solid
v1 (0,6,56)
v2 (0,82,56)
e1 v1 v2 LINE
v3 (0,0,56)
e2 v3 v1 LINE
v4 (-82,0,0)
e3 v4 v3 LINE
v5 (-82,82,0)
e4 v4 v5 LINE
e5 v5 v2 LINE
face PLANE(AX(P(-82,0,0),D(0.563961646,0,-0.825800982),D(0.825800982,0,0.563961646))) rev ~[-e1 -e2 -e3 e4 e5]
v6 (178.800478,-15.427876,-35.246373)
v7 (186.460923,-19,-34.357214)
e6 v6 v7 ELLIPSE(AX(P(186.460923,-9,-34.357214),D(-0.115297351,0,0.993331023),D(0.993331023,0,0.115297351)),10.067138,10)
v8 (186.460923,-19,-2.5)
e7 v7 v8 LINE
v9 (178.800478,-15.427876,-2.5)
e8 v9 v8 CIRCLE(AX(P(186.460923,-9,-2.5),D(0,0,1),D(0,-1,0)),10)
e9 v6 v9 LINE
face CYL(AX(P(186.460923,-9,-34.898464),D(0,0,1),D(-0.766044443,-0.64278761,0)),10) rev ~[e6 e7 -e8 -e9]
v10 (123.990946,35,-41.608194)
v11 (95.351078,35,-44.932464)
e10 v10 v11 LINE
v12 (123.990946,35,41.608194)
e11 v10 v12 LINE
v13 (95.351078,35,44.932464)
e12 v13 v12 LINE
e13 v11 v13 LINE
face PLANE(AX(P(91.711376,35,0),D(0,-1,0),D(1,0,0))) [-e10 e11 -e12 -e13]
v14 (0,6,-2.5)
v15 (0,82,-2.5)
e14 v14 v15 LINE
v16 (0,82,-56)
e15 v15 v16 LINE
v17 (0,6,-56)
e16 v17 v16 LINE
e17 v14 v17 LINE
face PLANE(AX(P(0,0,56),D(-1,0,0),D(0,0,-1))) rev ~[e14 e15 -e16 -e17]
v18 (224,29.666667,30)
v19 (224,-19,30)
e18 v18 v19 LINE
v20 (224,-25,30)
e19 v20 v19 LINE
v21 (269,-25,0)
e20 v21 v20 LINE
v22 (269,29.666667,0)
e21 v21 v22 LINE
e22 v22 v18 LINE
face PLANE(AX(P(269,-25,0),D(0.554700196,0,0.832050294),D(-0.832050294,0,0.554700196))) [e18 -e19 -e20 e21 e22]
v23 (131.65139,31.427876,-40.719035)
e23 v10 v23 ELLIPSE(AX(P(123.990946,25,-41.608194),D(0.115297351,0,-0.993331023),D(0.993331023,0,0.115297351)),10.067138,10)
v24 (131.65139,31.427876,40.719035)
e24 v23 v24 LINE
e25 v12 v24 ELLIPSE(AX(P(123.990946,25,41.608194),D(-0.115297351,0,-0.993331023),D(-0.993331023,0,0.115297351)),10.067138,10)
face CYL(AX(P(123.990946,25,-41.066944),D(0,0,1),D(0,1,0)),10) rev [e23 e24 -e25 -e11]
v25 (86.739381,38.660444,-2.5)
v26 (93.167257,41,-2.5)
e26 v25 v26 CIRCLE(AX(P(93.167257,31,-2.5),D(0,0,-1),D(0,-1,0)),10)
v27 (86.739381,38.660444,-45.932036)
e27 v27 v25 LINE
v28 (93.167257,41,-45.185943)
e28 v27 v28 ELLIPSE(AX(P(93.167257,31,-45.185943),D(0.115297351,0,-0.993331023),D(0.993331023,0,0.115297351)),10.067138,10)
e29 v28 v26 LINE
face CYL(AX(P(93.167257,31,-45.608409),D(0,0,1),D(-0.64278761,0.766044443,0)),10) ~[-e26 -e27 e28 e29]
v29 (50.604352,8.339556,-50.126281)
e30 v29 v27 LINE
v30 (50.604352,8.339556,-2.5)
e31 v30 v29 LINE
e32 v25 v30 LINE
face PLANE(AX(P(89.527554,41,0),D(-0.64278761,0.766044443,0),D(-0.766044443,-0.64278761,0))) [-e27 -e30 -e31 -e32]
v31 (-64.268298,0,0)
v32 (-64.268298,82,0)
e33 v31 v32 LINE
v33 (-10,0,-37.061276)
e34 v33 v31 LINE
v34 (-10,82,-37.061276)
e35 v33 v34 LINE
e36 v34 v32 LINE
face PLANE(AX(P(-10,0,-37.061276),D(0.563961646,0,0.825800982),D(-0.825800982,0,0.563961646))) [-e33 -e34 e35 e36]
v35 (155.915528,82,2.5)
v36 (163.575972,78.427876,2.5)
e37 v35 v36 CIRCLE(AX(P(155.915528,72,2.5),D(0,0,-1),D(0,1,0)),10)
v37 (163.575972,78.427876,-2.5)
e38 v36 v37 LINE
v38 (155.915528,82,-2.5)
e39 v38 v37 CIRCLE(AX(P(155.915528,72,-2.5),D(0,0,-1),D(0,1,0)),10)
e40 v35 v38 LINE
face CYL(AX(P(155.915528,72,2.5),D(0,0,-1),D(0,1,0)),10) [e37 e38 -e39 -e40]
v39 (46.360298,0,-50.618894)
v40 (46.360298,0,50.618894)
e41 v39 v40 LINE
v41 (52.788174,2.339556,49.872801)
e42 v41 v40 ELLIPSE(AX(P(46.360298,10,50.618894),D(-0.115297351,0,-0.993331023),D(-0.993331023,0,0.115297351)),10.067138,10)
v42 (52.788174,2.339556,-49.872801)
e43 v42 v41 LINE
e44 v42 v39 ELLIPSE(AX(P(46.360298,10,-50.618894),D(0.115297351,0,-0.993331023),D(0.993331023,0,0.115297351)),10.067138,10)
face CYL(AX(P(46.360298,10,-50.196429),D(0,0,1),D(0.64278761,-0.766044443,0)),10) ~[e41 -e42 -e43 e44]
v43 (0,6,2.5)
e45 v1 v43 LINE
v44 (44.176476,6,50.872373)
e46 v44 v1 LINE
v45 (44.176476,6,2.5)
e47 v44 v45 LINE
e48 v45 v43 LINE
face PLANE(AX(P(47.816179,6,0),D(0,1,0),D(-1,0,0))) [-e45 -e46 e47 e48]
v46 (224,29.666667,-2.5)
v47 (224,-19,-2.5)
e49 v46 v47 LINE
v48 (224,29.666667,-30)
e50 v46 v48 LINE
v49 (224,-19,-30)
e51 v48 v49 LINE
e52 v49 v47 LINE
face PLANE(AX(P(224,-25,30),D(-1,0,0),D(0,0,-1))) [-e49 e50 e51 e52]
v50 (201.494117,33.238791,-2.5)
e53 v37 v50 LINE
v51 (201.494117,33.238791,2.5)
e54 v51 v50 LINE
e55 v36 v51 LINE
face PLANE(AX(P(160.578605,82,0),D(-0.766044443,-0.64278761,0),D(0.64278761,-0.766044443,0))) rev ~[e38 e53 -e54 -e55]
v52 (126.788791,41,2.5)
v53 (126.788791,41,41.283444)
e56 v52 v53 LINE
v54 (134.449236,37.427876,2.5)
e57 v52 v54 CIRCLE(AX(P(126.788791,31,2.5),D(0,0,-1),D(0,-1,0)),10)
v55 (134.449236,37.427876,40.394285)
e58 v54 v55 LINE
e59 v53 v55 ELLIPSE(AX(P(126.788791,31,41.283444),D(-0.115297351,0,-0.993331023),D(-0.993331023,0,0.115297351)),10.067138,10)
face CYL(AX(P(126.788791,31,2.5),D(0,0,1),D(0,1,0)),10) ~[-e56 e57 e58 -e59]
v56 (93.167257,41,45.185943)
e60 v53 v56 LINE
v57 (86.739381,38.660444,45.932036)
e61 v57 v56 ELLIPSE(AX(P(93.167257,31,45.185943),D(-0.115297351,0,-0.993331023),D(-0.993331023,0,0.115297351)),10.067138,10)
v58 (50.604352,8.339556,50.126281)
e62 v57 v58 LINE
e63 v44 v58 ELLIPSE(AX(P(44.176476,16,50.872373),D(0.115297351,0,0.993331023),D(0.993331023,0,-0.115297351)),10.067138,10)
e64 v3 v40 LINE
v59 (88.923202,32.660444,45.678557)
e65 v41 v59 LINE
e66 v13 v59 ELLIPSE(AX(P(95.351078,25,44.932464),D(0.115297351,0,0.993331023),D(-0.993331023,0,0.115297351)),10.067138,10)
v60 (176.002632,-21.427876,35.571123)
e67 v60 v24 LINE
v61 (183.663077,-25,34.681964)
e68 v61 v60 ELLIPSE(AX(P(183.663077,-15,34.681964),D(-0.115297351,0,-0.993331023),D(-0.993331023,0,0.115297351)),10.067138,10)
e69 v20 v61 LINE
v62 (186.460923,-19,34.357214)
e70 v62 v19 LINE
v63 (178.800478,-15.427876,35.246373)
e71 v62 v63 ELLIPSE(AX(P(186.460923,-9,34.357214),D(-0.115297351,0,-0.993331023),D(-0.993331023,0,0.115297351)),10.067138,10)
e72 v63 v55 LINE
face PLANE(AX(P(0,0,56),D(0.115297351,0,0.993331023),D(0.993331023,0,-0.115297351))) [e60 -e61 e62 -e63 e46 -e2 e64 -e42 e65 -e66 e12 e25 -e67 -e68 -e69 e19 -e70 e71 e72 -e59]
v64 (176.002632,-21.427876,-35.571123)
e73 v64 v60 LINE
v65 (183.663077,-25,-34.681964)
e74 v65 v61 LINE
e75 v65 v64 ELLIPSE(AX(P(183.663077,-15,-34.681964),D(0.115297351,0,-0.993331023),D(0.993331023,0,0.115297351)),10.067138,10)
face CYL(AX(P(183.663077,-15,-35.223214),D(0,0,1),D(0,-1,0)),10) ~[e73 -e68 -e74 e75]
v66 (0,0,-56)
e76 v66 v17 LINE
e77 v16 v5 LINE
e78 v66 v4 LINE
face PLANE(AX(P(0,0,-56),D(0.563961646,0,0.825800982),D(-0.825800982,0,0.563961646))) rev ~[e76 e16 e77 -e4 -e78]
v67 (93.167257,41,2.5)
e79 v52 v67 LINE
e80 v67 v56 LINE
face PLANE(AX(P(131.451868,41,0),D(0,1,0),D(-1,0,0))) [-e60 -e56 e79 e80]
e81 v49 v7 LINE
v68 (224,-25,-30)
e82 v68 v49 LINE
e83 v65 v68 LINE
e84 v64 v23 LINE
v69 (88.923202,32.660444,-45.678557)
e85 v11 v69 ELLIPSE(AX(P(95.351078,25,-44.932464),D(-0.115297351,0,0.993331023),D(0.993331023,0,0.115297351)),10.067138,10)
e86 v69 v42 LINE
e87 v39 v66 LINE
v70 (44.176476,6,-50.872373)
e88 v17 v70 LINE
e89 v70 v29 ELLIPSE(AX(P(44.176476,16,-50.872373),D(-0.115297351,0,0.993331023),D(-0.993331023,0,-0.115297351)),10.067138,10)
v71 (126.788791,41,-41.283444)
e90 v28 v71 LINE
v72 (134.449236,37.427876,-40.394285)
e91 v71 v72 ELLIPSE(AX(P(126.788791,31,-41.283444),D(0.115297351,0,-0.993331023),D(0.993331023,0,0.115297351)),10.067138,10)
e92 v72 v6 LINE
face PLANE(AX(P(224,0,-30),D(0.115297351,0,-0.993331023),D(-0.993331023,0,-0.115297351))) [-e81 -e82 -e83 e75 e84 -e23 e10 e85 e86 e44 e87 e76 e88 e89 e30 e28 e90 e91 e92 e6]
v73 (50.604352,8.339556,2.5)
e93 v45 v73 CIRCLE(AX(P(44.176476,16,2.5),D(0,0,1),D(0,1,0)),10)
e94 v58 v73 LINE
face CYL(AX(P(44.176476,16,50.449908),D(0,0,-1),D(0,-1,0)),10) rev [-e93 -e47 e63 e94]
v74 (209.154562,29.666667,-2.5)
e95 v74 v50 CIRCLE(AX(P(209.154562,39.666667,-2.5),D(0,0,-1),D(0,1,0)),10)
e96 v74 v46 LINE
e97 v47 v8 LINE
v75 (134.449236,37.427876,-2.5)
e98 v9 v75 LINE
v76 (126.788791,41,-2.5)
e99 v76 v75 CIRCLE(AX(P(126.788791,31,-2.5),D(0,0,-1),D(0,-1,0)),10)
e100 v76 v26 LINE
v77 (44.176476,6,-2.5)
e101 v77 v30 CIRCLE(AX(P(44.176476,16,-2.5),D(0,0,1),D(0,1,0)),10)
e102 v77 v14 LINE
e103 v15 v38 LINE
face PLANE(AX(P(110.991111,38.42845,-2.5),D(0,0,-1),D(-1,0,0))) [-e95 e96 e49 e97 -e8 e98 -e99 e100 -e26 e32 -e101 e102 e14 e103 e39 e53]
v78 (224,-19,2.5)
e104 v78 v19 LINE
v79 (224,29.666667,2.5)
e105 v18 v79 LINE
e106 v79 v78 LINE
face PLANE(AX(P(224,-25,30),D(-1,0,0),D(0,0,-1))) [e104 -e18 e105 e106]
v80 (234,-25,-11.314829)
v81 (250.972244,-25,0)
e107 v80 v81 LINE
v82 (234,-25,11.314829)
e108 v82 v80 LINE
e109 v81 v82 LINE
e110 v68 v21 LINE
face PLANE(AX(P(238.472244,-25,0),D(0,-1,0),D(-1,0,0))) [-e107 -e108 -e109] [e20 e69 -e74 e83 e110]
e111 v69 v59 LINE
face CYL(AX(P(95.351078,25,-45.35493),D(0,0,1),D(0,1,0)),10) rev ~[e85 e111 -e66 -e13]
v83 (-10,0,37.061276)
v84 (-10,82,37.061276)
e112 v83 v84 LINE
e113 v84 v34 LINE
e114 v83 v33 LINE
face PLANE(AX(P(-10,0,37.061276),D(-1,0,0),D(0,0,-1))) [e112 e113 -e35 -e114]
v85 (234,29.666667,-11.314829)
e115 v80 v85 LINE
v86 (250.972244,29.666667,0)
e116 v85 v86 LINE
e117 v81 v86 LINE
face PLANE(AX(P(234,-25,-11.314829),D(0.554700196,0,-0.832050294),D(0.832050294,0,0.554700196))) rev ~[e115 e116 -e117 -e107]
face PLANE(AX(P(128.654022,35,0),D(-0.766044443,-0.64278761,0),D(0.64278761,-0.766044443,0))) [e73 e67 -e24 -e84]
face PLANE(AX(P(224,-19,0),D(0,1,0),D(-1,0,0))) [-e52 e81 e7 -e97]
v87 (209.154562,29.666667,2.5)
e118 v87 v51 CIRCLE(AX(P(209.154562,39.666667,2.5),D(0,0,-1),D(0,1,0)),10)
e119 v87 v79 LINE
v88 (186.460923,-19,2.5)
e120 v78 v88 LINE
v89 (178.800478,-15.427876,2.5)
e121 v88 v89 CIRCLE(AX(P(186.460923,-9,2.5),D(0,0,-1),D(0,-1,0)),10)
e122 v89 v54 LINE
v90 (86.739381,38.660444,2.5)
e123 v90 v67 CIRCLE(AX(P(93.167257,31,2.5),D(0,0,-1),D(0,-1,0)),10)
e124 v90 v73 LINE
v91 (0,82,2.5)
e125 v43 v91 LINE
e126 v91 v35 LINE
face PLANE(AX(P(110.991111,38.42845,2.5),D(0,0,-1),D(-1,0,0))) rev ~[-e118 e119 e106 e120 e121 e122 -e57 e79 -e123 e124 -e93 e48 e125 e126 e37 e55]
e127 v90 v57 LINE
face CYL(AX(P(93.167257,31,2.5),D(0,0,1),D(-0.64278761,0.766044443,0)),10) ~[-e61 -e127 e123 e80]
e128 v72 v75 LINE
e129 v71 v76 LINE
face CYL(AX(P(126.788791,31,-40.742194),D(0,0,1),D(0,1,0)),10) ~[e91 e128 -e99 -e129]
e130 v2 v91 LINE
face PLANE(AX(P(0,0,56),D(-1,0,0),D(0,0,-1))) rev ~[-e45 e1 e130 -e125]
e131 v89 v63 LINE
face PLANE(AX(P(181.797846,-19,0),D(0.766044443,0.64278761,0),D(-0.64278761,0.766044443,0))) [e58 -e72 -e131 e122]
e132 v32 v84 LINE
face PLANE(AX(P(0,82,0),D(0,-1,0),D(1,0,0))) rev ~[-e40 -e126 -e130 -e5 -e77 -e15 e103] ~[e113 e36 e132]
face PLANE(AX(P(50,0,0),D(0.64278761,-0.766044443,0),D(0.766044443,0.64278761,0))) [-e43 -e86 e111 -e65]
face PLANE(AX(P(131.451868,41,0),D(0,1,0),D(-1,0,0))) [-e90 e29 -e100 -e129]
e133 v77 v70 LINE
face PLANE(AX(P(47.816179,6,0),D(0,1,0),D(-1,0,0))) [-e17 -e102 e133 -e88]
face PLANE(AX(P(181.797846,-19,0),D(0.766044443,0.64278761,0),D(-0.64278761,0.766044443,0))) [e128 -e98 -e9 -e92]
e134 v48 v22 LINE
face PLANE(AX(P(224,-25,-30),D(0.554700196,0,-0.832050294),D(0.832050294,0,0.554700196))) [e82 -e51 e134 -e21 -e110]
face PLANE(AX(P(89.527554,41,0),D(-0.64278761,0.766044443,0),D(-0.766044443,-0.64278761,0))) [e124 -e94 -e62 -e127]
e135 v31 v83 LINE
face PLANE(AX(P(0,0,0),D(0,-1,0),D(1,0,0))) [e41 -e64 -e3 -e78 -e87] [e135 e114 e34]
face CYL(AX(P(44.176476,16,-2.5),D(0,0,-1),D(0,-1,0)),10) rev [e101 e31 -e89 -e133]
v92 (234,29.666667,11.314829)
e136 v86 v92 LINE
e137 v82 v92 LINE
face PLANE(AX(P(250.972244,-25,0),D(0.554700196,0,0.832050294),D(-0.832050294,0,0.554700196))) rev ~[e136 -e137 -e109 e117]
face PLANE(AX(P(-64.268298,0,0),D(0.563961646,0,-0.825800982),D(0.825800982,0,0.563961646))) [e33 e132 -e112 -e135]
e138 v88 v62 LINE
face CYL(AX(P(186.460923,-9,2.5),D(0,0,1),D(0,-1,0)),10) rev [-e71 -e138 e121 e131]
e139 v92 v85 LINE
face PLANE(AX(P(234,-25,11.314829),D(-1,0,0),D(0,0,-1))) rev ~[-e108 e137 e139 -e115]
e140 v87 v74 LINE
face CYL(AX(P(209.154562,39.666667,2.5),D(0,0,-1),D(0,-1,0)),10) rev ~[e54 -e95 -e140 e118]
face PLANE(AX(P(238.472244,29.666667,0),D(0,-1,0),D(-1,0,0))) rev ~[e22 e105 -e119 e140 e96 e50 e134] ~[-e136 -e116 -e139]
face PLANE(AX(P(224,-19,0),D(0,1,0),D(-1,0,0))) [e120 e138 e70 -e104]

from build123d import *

# Parameters (mm, degrees)
BOSS_EXTRUDE1_DEPTH     = 82
BOSS_EXTRUDE2_DEPTH     = 56
BOSS_EXTRUDE3_START     = -25
BOSS_EXTRUDE3_DEPTH     = 54.666666667
BOSS_EXTRUDE4_DEPTH     = 2.5
CUT_EXTRUDE2_DEPTH      = 83
CUT_EXTRUDE2_DEPTH_BACK = 26
FILLET1_R               = 10


with BuildPart() as part:
    # Sketch2 → Boss-Extrude1 (new body)
    with BuildSketch(Plane(origin=(0, 0, 0), x_dir=(1, 0, 0), z_dir=(0, 1, 0))):
        Polygon((0, -56), (0, 56), (-82, 0), align=None)
        Polygon((-10, 37.0612765), (-64.268297732, 0), (-10, -37.0612765), align=None, mode=Mode.SUBTRACT)
    extrude(amount=BOSS_EXTRUDE1_DEPTH)

    # Sketch3 → Boss-Extrude2 (add, symmetric)
    with BuildSketch(Plane.XY):
        Polygon((0, 0), (50, 0), (91.711375741, 35), (128.654022129, 35), (179, -25), (224, -25), (224, -19), (181.797845949, -19), (131.451868078, 41), (89.527554335, 41), (47.816178594, 6), (0, 6), align=None)
    extrude(amount=BOSS_EXTRUDE2_DEPTH, both=True)

    # Sketch4 → Boss-Extrude3 (add)
    with BuildSketch(Plane(origin=(0, 0, 0), x_dir=(1, 0, 0), z_dir=(0, 1, 0)).offset(BOSS_EXTRUDE3_START)):
        Polygon((224, -30), (224, 30), (269, 0), align=None)
        Polygon((234, 11.314829082), (250.972243623, 0), (234, -11.314829082), align=None, mode=Mode.SUBTRACT)
    extrude(amount=BOSS_EXTRUDE3_DEPTH)

    # Sketch7 → Boss-Extrude4 (add, symmetric)
    with BuildSketch(Plane.XY):
        Polygon((0, 82), (160.578604614, 82), (204.491485312, 29.666666667), (224, 29.666666667), (224, -19), (181.797845949, -19), (131.451868078, 41), (89.527554335, 41), (47.816178594, 6), (0, 6), align=None)
    extrude(amount=BOSS_EXTRUDE4_DEPTH, both=True)

    # Sketch8 → Cut-Extrude2 (cut, two sides)
    with BuildSketch(Plane(origin=(0, 0, 0), x_dir=(1, 0, 0), z_dir=(0, 1, 0))) as cut_extrude2_sk:
        Polygon((0, 56), (224, 56), (224, 30), align=None)
        Polygon((0, -56), (224, -30), (224, -56), align=None)
    extrude(amount=CUT_EXTRUDE2_DEPTH, mode=Mode.SUBTRACT)
    extrude(cut_extrude2_sk.sketch, amount=-CUT_EXTRUDE2_DEPTH_BACK, mode=Mode.SUBTRACT)

    # Fillet1
    fillet1_edges = [part.edges().sort_by_distance(p)[0] for p in [
        (47.816178594, 6, 26.474953921),
        (89.527554335, 41, 24.054204436),
        (131.451868078, 41, 21.621096942),
        (181.797845949, -19, 18.699232155),
        (179, -25, 0),
        (128.654022129, 35, 0),
        (91.711375741, 35, 0),
        (50, 0, 0),
        (47.816178594, 6, -26.474953921),
        (89.527554335, 41, -24.054204436),
        (131.451868078, 41, -21.621096942),
        (181.797845949, -19, -18.699232155),
        (204.491485312, 29.666666667, 0),
        (160.578604614, 82, 0),
    ]]
    fillet(fillet1_edges, radius=FILLET1_R)


solid = part.part
